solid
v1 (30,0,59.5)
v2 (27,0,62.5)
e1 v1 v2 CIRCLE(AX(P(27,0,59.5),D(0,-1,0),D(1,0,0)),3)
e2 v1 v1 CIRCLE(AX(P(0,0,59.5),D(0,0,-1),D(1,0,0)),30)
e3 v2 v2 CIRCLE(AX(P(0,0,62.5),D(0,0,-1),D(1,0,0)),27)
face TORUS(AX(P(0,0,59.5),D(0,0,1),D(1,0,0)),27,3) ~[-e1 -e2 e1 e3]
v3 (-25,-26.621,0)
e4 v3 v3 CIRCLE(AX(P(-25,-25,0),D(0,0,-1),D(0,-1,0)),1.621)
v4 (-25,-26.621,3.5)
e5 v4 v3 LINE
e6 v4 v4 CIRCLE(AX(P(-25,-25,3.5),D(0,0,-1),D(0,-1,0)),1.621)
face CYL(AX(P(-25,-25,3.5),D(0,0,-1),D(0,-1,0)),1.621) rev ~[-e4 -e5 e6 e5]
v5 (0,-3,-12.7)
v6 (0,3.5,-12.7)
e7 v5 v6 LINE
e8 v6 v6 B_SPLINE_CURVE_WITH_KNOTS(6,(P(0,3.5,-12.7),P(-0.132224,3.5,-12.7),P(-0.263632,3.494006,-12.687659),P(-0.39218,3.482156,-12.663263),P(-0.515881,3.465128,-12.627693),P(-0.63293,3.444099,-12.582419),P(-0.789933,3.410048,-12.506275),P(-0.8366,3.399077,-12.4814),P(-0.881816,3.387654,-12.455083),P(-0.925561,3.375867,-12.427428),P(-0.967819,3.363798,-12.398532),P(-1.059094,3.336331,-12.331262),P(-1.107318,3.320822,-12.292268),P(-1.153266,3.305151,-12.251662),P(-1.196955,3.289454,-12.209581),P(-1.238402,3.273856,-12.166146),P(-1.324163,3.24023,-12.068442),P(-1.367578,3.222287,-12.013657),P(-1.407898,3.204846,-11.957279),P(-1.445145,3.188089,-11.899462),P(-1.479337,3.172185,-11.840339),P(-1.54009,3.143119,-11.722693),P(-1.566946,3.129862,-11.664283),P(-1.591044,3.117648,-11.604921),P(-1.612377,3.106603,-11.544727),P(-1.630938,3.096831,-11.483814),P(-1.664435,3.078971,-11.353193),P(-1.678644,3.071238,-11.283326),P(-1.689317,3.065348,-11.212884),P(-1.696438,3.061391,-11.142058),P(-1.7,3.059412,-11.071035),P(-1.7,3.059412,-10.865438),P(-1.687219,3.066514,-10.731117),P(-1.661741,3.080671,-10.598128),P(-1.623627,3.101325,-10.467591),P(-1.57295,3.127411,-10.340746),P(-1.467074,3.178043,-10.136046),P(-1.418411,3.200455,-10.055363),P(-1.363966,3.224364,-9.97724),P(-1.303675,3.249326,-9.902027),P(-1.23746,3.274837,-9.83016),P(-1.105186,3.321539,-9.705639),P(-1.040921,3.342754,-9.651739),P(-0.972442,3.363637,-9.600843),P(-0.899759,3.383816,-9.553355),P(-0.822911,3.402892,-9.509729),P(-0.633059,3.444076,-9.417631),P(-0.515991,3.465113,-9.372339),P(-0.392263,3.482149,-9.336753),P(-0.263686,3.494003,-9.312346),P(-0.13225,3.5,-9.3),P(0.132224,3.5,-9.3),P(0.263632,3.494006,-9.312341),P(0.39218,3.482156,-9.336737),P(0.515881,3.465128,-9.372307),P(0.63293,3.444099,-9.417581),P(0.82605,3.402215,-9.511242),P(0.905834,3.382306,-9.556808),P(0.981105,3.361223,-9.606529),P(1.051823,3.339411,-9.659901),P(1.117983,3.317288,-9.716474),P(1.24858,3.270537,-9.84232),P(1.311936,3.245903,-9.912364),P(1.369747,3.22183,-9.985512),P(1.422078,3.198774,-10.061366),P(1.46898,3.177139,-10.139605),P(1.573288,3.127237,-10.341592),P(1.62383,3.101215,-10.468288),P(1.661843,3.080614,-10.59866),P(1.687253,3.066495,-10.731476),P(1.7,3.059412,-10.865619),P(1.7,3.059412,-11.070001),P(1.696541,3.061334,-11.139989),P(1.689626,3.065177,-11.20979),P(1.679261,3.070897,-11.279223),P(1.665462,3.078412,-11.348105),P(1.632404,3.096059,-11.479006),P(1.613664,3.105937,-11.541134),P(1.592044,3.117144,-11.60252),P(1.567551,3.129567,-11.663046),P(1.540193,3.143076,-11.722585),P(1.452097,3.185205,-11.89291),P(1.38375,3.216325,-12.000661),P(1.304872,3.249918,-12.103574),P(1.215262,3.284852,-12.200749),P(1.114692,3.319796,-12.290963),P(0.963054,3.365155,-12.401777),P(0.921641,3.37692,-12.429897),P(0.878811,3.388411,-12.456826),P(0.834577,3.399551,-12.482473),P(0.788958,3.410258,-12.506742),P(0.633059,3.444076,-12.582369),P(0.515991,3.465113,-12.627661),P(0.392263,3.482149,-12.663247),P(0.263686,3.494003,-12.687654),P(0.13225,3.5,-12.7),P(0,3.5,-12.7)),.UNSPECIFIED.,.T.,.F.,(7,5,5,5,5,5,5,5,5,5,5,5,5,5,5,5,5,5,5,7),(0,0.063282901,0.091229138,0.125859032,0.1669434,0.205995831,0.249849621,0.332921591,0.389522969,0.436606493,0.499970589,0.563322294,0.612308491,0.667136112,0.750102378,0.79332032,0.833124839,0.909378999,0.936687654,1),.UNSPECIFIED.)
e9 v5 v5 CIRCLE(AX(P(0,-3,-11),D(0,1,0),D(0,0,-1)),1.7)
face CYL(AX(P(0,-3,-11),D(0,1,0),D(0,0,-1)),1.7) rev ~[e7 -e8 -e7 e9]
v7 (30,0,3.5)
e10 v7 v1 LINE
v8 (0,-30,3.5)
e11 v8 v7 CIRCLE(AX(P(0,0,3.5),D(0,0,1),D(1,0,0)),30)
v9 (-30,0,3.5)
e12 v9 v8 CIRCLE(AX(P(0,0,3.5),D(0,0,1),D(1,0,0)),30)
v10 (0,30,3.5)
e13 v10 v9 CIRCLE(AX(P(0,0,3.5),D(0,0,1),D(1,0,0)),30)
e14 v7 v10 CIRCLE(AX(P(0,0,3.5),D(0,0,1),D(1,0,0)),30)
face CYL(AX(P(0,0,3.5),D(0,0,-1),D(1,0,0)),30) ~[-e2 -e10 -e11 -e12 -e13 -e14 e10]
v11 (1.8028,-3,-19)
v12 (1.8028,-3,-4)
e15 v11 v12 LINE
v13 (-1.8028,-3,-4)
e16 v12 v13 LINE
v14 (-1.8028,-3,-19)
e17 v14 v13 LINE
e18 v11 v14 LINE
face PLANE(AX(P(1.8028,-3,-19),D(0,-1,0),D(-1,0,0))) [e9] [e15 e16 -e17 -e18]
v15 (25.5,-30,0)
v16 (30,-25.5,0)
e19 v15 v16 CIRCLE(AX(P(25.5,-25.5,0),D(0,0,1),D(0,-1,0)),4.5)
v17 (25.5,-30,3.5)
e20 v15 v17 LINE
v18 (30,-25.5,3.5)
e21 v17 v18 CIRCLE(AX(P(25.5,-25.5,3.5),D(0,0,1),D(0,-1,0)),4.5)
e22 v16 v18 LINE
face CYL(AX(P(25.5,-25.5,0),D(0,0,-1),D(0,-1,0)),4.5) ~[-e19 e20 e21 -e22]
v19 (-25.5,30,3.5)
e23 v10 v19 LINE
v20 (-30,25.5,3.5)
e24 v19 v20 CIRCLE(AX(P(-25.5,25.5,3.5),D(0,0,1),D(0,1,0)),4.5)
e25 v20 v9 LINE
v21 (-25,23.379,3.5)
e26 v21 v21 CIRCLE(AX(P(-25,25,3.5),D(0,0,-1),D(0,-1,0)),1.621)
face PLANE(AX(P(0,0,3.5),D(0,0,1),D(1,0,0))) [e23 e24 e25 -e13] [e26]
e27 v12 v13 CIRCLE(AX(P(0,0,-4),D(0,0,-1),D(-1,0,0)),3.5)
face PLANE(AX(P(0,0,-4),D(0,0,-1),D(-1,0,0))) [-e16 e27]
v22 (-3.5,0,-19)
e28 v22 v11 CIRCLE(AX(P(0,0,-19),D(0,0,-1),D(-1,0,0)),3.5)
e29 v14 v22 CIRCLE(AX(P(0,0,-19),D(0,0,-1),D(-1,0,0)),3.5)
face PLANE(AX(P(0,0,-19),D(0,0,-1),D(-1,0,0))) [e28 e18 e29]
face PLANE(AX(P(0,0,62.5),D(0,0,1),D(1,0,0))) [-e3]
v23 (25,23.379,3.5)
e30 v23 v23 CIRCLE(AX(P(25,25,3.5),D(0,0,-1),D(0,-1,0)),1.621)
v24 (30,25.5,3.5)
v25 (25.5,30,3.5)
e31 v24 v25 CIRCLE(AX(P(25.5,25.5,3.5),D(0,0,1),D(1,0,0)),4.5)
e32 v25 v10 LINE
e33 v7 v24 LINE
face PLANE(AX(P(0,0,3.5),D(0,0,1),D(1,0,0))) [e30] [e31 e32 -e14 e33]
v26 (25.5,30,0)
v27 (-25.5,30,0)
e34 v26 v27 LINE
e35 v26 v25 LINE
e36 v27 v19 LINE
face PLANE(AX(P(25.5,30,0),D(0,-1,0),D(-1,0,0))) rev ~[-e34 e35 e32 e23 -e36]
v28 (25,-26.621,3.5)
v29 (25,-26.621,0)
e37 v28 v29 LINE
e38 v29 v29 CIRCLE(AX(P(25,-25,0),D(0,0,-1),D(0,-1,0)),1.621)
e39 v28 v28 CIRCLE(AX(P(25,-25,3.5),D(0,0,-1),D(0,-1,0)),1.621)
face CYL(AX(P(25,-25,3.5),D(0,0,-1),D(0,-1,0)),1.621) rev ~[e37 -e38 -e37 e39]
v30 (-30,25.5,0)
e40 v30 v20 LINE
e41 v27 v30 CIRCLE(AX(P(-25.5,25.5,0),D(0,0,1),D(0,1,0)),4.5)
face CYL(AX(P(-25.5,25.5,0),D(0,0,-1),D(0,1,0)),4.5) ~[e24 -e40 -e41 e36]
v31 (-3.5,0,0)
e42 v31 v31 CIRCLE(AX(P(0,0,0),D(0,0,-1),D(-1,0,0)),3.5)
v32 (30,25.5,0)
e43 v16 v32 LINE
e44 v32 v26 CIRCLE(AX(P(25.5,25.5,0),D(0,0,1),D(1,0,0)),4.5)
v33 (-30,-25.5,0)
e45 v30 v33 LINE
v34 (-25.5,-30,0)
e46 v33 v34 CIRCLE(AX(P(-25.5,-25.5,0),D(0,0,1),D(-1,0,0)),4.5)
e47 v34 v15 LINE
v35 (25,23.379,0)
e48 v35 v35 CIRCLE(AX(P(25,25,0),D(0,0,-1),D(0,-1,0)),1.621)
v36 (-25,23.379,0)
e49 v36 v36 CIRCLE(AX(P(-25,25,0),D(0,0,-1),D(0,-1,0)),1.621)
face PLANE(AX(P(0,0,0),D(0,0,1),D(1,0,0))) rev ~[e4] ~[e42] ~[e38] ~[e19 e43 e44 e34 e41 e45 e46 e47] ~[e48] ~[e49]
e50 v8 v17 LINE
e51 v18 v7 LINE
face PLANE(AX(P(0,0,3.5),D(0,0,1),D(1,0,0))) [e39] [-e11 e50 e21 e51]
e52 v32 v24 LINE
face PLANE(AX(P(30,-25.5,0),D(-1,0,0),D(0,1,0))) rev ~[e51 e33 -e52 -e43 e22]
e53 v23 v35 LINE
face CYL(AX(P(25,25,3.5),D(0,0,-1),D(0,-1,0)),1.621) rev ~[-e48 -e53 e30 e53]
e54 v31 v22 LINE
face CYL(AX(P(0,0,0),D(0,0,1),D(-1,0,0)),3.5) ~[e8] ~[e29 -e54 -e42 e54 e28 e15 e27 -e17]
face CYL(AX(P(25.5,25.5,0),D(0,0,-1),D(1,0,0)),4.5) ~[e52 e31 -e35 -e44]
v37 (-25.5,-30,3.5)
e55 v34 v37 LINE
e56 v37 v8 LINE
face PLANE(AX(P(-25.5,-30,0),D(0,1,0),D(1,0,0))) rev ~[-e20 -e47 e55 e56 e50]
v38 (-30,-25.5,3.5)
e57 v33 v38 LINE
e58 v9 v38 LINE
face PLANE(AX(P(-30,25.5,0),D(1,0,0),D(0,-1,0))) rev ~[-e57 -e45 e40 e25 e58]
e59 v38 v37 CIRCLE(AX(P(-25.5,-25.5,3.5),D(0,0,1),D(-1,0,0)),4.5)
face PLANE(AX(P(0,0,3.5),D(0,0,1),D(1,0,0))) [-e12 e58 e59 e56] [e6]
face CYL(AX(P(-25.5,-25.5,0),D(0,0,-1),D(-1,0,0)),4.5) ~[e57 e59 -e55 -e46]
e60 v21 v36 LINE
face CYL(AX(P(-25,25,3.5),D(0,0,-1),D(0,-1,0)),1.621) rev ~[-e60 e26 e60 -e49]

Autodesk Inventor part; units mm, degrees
ref_plane "YZ Plane" through (0, 0, 0) normal (1, 0, 0) x (0, 1, 0)
ref_plane "XZ Plane" through (0, 0, 0) normal (0, 1, 0) x (-1, 0, 0)
ref_plane "XY Plane" through (0, 0, 0) normal (0, 0, 1) x (1, 0, 0)
sketch "Esquisse1" plane through (0, 0, 0) normal (0, 0, 1) x (1, 0, 0)
  line L0 (-25.5, -30) -> (25.5, -30)
  line L1 (30, -25.5) -> (30, 25.5)
  line L2 (25.5, 30) -> (-25.5, 30)
  line L3 (-30, 25.5) -> (-30, -25.5)
  line L4 (-30, -30) -> (30, 30) construction
  line L5 (30, -30) -> (-30, 30) construction
  arc A0 (-30, -25.5) -> (-25.5, -30) centre (-25.5, -25.5) ccw
  arc A1 (25.5, -30) -> (30, -25.5) centre (25.5, -25.5) ccw
  arc A2 (30, 25.5) -> (25.5, 30) centre (25.5, 25.5) ccw
  arc A3 (-25.5, 30) -> (-30, 25.5) centre (-25.5, 25.5) ccw
  point P0 (0, 0)
  dimension "d0" = 60
  dimension "d1" = 60
  dimension "d2" = 4.5
extrude "Embase" add sketch "Esquisse1" along normal blind 3.5
sketch "Esquisse3" plane through (0, 0, 3.5) normal (0, 0, 1) x (1, 0, 0)
  point P0 (0, 0)
  point P1 (-25, -25)
  point P2 (-25, 25)
  point P3 (25, 25)
  point P4 (25, -25)
  dimension "Entraxe_moteur" = 50
  dimension "d8" = 50
  dimension "d9" = 25
  dimension "d10" = 25
hole "Perçage1" at (-25, -25, 3.5) at (-25, 25, 3.5) at (25, 25, 3.5) at (25, -25, 3.5) direction (0, 0, -1) diameter 3.242 end through all thread size "M4x0.7" class "6H" standard "ISO Metric profile"
sketch "Esquisse2" plane through (0, 0, 3.5) normal (0, 0, 1) x (1, 0, 0)
  circle A0 centre (0, 0) radius 30
  line L0 (-30, 25.5) -> (-30, -25.5) projected
extrude "Extrusion2" add sketch "Esquisse2" along normal blind 59
fillet "Congé1" radius 3 1 edges at (-30, 0, 62.5)
sketch "Esquisse4" plane through (0, 0, 0) normal (0, 0, -1) x (-1, 0, 0)
  circle A0 centre (0, 0) radius 3.5
  dimension "d19" = 7
extrude "Extrusion3" add sketch "Esquisse4" along normal blind 19
sketch "Esquisse5" plane through (0, 0, -19) normal (0, 0, -1) x (-1, 0, 0)
  line L0 (-1.8028, -3) -> (1.8028, -3)
  circle A0 centre (0, 0) radius 3.5 projected
  dimension "d22" = 6.5
extrude "Extrusion4" cut sketch "Esquisse5" against normal blind 15 contours L0 A0 picked at (0.3722, -3.1057)
sketch "Esquisse6" plane through (-1.8028, -3, -19) normal (0, -1, 0) x (1, 0, 0)
  line L0 (3.6056, 0) -> (0, 0) projected
  point P0 (1.8028, 19)
  point P1 (1.8028, 8)
  point P2 (1.8028, 0)
  dimension "d25" = 8
hole "Perçage2" at (0, -3, -11) direction (0, 1, 0) diameter 3.4 end through all clearance for "Vis à tête plate fraisée ISO 2009/7046" size "M3" standard "ISO"
equation "\"d8\" = Entraxe_moteur"
equation "\"d9\" = 0.5 * Entraxe_moteur"
equation "\"d10\" = 0.5 * Entraxe_moteur"
properties part number "Moteur" material "Acier inoxydable"
